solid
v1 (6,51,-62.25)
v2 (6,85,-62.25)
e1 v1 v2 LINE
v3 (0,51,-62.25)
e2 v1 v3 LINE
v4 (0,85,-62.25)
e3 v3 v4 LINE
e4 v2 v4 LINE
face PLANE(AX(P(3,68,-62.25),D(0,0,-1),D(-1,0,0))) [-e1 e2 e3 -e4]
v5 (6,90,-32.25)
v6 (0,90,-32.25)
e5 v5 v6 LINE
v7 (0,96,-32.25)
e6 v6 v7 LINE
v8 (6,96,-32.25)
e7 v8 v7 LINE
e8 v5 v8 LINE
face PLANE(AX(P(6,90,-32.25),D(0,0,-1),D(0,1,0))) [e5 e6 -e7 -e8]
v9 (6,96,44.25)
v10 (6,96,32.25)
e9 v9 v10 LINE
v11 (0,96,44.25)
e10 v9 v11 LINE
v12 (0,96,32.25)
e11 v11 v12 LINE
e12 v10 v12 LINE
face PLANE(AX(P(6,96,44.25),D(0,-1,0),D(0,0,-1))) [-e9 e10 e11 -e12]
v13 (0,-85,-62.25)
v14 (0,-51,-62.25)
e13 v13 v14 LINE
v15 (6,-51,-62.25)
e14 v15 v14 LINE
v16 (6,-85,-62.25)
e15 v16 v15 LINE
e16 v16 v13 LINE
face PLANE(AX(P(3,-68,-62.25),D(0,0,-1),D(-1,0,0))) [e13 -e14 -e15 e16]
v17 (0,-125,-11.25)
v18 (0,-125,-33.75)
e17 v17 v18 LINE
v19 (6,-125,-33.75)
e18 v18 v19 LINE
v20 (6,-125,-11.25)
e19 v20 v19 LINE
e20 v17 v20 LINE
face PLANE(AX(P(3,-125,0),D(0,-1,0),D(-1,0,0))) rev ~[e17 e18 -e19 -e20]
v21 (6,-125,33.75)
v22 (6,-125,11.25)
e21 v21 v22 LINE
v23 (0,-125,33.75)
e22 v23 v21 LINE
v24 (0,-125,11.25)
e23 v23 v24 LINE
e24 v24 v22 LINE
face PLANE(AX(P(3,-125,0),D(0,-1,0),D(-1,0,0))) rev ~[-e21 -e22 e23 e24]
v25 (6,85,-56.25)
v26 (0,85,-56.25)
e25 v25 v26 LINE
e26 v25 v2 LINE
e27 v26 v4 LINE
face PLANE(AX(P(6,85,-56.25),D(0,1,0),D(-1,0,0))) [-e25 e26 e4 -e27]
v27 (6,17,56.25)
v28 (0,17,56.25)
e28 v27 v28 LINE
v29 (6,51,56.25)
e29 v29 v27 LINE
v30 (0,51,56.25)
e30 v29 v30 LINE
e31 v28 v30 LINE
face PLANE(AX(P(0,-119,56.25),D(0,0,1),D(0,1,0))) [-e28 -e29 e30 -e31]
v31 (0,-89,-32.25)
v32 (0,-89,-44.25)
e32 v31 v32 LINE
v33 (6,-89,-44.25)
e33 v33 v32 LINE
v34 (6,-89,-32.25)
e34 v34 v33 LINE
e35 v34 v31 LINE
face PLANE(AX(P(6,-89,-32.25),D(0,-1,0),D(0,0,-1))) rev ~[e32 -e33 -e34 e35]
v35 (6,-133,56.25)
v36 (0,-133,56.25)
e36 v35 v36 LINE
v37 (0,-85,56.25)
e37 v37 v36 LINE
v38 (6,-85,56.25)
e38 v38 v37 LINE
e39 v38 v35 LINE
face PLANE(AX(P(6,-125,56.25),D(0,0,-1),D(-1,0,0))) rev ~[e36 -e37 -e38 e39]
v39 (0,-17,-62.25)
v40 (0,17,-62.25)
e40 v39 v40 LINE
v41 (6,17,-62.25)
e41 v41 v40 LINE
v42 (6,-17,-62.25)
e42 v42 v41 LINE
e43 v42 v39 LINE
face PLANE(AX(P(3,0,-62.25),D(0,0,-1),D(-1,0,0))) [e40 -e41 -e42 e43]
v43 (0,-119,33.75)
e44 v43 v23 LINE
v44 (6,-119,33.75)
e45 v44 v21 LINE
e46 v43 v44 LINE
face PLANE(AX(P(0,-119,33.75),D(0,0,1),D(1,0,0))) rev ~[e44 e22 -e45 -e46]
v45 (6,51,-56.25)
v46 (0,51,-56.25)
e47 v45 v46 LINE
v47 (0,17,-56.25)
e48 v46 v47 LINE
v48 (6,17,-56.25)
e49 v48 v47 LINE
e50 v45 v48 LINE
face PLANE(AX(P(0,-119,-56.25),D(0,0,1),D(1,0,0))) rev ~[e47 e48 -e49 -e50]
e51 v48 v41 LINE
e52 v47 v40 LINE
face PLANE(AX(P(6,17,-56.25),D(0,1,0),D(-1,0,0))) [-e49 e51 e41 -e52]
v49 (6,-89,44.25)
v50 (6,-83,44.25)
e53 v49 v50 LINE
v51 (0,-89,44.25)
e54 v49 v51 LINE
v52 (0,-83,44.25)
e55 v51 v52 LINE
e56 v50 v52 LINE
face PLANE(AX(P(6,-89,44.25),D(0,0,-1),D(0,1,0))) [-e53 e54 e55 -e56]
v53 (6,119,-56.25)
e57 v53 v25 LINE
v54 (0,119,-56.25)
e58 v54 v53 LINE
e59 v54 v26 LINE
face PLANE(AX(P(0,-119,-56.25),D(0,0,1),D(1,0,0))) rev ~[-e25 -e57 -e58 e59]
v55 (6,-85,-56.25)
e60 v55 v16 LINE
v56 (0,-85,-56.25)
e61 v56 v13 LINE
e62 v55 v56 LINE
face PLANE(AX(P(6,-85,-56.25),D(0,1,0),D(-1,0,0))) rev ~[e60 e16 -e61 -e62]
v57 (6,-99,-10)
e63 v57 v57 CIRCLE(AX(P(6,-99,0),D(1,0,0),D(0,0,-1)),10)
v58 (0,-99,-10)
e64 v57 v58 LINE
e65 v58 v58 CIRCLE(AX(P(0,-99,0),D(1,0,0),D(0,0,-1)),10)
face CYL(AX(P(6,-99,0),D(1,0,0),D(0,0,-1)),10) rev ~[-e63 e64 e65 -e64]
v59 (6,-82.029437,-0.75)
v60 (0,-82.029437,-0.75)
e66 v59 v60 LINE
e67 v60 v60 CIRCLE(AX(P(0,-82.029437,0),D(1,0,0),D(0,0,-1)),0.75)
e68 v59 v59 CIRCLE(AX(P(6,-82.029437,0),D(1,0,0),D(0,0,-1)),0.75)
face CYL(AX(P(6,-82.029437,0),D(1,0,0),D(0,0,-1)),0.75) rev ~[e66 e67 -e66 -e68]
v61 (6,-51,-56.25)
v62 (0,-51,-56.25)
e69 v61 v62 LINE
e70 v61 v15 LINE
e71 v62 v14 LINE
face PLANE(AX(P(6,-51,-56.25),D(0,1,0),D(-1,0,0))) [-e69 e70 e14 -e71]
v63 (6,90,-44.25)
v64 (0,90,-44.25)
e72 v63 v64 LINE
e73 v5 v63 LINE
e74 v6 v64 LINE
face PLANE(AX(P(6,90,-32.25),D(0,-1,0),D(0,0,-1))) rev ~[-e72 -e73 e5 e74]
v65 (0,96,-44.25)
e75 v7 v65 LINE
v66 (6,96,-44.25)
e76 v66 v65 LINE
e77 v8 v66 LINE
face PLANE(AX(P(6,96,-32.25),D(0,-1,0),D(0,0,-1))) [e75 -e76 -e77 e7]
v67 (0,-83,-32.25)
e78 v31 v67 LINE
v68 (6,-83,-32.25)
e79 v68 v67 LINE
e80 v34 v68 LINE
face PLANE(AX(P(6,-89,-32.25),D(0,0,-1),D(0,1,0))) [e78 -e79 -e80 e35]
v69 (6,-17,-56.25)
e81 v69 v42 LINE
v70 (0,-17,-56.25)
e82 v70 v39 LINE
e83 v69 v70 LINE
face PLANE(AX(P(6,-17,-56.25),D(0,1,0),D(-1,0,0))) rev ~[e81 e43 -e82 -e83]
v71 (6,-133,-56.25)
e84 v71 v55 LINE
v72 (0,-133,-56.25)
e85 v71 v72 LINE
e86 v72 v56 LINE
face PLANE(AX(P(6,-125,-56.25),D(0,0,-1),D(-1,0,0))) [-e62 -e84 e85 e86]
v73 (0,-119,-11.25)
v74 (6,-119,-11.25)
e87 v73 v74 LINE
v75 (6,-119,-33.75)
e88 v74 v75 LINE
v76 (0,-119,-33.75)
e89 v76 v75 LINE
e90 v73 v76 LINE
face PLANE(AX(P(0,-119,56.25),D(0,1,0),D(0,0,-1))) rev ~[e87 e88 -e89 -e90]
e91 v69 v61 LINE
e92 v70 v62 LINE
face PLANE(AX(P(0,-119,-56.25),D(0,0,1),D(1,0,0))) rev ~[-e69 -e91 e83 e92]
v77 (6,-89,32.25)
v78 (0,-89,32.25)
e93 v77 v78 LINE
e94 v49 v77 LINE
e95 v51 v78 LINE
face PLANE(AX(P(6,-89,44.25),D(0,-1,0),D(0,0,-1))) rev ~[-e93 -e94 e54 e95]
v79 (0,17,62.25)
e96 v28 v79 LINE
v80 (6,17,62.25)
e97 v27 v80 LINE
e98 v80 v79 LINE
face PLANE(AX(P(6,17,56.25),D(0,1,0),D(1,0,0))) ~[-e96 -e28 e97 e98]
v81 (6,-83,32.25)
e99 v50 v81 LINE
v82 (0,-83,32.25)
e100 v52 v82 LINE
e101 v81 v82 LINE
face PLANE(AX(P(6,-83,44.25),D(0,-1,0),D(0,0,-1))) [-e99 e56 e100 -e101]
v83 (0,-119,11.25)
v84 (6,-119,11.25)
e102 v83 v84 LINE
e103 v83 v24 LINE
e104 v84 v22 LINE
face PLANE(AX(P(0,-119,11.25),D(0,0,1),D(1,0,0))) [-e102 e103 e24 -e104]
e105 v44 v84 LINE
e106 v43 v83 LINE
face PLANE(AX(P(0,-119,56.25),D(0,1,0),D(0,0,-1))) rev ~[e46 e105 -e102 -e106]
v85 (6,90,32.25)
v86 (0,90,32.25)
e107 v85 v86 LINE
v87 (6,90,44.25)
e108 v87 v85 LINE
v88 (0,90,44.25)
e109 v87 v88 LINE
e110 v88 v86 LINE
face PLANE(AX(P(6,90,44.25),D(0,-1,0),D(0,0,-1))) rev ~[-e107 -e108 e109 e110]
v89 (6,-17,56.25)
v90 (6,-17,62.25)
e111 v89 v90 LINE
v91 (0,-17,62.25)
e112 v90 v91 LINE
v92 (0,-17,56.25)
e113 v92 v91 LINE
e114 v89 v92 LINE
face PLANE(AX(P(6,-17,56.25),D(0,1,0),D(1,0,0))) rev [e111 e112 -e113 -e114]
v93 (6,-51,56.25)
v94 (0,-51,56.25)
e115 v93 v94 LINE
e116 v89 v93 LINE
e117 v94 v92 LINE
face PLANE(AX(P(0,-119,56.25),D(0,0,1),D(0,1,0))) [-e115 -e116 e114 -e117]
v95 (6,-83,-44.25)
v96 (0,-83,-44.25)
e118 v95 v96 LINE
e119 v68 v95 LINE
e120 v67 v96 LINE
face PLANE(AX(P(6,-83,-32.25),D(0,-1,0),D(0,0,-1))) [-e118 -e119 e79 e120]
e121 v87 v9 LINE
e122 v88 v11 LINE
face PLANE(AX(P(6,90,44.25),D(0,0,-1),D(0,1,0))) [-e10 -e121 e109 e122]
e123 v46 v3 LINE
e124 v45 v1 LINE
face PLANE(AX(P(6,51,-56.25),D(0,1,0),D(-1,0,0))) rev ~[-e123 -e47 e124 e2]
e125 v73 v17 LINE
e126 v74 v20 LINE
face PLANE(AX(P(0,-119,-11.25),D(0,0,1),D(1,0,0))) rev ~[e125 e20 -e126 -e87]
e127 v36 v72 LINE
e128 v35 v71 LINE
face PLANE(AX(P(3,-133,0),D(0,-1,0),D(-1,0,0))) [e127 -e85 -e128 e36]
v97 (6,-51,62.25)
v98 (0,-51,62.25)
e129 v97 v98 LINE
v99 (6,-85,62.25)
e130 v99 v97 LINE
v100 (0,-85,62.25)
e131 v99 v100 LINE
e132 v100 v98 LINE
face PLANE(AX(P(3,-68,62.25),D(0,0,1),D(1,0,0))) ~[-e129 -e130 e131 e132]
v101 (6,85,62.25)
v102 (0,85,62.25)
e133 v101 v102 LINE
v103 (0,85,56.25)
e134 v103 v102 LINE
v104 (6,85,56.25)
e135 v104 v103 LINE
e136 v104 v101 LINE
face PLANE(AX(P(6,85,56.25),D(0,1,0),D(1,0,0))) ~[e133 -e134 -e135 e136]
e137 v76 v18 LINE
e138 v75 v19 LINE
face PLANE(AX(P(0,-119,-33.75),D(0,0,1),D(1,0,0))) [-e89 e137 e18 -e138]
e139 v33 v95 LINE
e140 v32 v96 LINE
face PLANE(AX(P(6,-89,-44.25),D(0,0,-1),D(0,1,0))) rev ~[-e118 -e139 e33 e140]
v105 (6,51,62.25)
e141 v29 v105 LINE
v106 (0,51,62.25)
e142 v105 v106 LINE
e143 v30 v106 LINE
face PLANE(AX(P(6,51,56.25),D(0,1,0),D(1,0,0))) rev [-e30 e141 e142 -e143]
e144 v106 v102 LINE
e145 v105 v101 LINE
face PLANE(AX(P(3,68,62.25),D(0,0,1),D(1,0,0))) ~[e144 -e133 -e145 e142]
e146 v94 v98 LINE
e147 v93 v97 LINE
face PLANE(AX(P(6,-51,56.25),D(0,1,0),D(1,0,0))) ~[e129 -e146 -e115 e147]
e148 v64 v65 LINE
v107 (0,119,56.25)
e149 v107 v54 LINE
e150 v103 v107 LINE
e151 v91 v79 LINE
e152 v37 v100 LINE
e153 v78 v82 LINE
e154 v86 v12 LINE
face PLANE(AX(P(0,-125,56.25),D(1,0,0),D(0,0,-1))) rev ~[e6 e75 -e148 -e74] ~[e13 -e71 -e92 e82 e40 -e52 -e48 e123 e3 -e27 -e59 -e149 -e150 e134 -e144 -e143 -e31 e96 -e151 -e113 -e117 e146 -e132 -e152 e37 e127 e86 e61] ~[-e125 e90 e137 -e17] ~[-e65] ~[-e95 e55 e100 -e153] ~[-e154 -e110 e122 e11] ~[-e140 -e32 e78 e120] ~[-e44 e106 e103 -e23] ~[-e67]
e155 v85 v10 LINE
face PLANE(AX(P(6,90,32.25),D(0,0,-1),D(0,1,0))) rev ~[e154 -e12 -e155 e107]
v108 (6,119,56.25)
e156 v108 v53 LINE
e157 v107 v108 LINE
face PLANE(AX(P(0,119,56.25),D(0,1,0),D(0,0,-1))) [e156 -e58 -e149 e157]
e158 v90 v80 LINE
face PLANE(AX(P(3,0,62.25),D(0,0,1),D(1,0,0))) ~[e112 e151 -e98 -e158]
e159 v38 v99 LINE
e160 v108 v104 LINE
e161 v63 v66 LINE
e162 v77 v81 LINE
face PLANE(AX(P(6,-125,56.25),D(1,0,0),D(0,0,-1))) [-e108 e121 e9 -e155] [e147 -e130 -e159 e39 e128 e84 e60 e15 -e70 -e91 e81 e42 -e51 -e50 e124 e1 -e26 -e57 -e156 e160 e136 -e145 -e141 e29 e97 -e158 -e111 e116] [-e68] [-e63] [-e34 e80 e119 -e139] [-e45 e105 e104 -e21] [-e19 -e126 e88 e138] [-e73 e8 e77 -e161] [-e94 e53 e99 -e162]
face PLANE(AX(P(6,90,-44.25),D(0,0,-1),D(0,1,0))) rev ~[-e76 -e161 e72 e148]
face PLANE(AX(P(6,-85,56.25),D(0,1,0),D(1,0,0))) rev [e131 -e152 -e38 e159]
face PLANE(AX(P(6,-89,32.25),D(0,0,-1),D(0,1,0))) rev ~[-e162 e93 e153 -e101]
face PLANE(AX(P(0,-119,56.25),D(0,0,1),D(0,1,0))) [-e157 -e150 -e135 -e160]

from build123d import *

# Parameters (mm, degrees)
SKETCH1_W           = 112.5
SKETCH1_H           = 238
BOSS_EXTRUDE1_DEPTH = 6
SKETCH2_R           = 10
SKETCH2_R_2         = 0.75
CUT_EXTRUDE1_DEPTH  = 6
SKETCH3_W           = 12
SKETCH3_H           = 6
CUT_EXTRUDE2_DEPTH  = 6
SKETCH4_W           = 6
SKETCH4_H           = 22.5
BOSS_EXTRUDE2_DEPTH = 6
SKETCH5_W           = 12
SKETCH5_H           = 6
CUT_EXTRUDE3_DEPTH  = 6
SKETCH6_W           = 6
SKETCH6_H           = 34
BOSS_EXTRUDE3_DEPTH = 6
SKETCH7_W           = 6
SKETCH7_H           = 112.5
BOSS_EXTRUDE4_DEPTH = 8


with BuildPart() as part:
    # Sketch1 → Boss-Extrude1 (new body)
    with BuildSketch(Plane(origin=(0, 0, 0), x_dir=(0, 0, -1), z_dir=(1, 0, 0))):
        Rectangle(SKETCH1_W, SKETCH1_H)
    extrude(amount=BOSS_EXTRUDE1_DEPTH)

    # Sketch2 → Cut-Extrude1 (cut)
    with BuildSketch(Plane(origin=(6, 0, 0), x_dir=(0, 0, -1), z_dir=(1, 0, 0))):
        with Locations((0, -99)):
            Circle(SKETCH2_R)
        with Locations((0, -82.029437252)):
            Circle(SKETCH2_R_2)
    extrude(amount=-CUT_EXTRUDE1_DEPTH, mode=Mode.SUBTRACT)

    # Sketch3 → Cut-Extrude2 (cut)
    with BuildSketch(Plane(origin=(6, 0, 0), x_dir=(0, 0, -1), z_dir=(1, 0, 0))):
        with Locations((-38.25, -86)):
            Rectangle(SKETCH3_W, SKETCH3_H)
        with Locations((38.25, -86)):
            Rectangle(SKETCH3_W, SKETCH3_H)
    extrude(amount=-CUT_EXTRUDE2_DEPTH, mode=Mode.SUBTRACT)

    # Sketch4 → Boss-Extrude2 (add)
    with BuildSketch(Plane.XZ.offset(119)):
        with Locations((3, -45)):
            Rectangle(SKETCH4_W, SKETCH4_H)
        with Locations((3, 0)):
            Rectangle(SKETCH4_W, SKETCH4_H)
        with Locations((3, 45)):
            Rectangle(SKETCH4_W, SKETCH4_H)
    extrude(amount=BOSS_EXTRUDE2_DEPTH)

    # Sketch5 → Cut-Extrude3 (cut)
    with BuildSketch(Plane(origin=(6, 0, 0), x_dir=(0, 0, -1), z_dir=(1, 0, 0))):
        with Locations((-38.25, 93)):
            Rectangle(SKETCH5_W, SKETCH5_H)
        with Locations((38.25, 93)):
            Rectangle(SKETCH5_W, SKETCH5_H)
    extrude(amount=-CUT_EXTRUDE3_DEPTH, mode=Mode.SUBTRACT)

    # Sketch6 → Boss-Extrude3 (add)
    with BuildSketch(Plane(origin=(0, 0, -56.25), x_dir=(-1, 0, 0), z_dir=(0, 0, -1))):
        with Locations((-3, 68)):
            Rectangle(SKETCH6_W, SKETCH6_H)
        with Locations((-3, 0)):
            Rectangle(SKETCH6_W, SKETCH6_H)
        with Locations((-3, -68)):
            Rectangle(SKETCH6_W, SKETCH6_H)
    boss_extrude3 = extrude(amount=BOSS_EXTRUDE3_DEPTH)

    # Mirror1: Boss-Extrude3 across plane
    add(boss_extrude3.mirror(Plane.XY))

    # Sketch7 → Boss-Extrude4 (add)
    with BuildSketch(Plane(origin=(0, -125, 0), x_dir=(-1, 0, 0), z_dir=(0, -1, 0))):
        with Locations((-3, 0)):
            Rectangle(SKETCH7_W, SKETCH7_H)
    extrude(amount=BOSS_EXTRUDE4_DEPTH)


solid = part.part
